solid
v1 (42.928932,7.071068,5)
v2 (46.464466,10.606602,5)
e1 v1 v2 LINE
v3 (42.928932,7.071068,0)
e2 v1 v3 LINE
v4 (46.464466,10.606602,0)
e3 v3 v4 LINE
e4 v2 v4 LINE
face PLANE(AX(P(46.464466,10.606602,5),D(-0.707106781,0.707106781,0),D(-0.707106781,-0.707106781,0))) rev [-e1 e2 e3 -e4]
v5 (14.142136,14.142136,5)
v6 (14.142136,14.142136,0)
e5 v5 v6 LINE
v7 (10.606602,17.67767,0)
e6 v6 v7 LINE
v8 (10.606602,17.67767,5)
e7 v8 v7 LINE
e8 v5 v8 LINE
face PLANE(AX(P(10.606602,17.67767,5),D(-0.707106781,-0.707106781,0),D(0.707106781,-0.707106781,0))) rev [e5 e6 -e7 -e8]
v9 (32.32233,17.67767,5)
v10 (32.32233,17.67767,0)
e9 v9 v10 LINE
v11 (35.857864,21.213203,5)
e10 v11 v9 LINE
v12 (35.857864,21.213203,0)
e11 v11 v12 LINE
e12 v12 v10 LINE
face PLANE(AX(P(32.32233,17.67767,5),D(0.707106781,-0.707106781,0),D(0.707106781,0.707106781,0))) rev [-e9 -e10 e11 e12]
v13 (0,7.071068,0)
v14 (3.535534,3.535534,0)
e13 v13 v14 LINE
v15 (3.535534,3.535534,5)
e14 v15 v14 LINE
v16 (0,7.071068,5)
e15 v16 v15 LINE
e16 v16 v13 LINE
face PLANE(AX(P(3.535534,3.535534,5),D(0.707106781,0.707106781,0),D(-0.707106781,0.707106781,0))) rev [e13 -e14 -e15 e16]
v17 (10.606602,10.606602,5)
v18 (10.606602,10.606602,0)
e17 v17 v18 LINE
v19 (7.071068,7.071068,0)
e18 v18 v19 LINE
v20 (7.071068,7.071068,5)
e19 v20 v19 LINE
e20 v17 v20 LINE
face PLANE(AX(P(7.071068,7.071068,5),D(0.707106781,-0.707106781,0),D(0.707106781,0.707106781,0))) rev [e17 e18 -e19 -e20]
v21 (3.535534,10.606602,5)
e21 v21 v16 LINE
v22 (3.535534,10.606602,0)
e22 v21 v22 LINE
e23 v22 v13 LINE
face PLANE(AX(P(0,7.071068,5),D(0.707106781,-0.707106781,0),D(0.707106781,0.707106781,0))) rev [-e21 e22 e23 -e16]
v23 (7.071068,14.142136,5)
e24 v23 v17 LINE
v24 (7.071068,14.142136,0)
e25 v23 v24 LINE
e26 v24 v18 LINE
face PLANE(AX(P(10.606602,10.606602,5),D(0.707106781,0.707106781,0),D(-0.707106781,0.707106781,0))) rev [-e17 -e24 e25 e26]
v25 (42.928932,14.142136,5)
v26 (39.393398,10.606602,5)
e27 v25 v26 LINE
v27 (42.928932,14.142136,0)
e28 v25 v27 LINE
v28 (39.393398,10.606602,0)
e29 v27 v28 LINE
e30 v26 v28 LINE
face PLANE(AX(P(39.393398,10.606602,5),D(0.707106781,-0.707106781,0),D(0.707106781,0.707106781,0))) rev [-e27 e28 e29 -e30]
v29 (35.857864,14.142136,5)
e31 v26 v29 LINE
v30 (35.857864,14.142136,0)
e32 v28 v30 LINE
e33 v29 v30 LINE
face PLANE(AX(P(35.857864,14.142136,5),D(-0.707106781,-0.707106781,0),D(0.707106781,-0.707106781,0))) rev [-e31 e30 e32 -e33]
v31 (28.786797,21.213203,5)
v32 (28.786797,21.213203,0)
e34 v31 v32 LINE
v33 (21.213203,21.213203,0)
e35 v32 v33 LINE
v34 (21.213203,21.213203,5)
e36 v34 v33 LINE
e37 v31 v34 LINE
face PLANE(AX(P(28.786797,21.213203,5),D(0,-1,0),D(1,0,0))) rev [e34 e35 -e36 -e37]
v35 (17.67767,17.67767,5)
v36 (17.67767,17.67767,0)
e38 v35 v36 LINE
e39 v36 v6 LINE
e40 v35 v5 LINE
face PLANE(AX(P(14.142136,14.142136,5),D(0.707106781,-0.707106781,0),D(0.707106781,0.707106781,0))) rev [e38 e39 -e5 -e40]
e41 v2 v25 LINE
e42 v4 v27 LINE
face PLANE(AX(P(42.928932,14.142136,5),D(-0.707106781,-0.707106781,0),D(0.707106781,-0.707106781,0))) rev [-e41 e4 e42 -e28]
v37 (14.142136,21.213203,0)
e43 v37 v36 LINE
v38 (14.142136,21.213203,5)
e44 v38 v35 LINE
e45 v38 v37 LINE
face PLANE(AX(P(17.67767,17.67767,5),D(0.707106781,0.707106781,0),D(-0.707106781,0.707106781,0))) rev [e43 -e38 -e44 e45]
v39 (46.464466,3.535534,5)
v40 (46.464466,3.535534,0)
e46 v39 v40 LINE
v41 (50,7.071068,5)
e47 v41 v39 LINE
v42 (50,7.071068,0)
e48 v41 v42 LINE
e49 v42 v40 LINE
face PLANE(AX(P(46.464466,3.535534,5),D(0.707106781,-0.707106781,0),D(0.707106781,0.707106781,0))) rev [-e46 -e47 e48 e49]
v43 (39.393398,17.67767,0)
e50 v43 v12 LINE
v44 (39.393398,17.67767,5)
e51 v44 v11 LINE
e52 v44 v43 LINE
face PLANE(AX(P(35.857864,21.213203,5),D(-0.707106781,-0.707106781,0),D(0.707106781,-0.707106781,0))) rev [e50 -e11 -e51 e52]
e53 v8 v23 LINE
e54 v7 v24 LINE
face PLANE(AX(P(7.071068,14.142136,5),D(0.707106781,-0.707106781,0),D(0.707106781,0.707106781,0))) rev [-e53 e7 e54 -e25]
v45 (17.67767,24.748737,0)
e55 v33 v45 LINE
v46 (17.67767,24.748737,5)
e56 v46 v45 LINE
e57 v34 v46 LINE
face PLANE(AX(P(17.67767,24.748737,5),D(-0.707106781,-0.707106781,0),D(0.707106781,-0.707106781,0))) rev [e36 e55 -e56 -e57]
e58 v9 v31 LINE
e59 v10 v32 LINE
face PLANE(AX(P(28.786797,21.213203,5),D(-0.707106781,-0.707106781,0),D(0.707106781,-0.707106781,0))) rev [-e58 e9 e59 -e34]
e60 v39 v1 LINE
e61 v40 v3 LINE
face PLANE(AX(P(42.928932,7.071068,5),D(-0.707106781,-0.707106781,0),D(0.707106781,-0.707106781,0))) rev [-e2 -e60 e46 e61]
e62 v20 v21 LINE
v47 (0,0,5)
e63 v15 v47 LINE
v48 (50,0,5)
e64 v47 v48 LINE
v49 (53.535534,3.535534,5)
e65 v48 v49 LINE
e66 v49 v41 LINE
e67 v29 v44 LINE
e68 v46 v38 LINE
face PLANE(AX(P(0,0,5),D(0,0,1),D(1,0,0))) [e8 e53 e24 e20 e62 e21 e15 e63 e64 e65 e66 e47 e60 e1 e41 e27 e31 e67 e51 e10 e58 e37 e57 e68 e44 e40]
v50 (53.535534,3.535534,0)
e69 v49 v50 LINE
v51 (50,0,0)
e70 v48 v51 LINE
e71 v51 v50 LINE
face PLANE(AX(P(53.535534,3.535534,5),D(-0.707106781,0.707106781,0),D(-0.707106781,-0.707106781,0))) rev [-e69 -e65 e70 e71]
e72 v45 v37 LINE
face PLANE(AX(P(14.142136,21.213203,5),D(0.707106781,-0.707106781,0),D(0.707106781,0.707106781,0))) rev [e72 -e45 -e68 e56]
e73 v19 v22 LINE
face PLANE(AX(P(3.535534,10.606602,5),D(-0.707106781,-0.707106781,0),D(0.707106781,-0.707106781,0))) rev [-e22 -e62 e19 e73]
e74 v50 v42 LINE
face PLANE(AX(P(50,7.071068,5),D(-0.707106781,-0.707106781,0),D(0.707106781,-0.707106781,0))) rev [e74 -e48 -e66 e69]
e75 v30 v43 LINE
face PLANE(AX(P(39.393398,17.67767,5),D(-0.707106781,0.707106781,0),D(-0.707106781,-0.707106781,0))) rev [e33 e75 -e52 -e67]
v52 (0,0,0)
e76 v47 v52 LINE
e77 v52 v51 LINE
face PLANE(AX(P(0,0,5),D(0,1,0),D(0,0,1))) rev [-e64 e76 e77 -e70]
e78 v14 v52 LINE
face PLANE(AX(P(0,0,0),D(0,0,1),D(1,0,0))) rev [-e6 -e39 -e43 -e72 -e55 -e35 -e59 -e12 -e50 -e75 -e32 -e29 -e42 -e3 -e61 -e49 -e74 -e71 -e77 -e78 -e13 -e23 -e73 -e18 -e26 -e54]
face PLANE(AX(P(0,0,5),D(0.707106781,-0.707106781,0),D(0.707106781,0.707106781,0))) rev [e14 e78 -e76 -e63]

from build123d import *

# Parameters (mm, degrees)
EXTRUDE_1_DEPTH = 5


with BuildPart() as part:
    # Эскиз1 → Бобышка-Вытянуть1 (new body)
    with BuildSketch(Plane.XY):
        Polygon((0, 0), (50, 0), (53.535533906, 3.535533906), (50, 7.071067812), (46.464466094, 3.535533906), (42.928932188, 7.071067812), (46.464466094, 10.606601718), (42.928932188, 14.142135624), (39.393398282, 10.606601718), (35.857864376, 14.142135624), (39.393398282, 17.67766953), (35.857864376, 21.213203436), (32.32233047, 17.67766953), (28.786796564, 21.213203436), (21.213203436, 21.213203436), (17.67766953, 24.748737342), (14.142135624, 21.213203436), (17.67766953, 17.67766953), (14.142135624, 14.142135624), (10.606601718, 17.67766953), (7.071067812, 14.142135624), (10.606601718, 10.606601718), (7.071067812, 7.071067812), (3.535533906, 10.606601718), (0, 7.071067812), (3.535533906, 3.535533906), align=None)
    extrude(amount=EXTRUDE_1_DEPTH)


solid = part.part
